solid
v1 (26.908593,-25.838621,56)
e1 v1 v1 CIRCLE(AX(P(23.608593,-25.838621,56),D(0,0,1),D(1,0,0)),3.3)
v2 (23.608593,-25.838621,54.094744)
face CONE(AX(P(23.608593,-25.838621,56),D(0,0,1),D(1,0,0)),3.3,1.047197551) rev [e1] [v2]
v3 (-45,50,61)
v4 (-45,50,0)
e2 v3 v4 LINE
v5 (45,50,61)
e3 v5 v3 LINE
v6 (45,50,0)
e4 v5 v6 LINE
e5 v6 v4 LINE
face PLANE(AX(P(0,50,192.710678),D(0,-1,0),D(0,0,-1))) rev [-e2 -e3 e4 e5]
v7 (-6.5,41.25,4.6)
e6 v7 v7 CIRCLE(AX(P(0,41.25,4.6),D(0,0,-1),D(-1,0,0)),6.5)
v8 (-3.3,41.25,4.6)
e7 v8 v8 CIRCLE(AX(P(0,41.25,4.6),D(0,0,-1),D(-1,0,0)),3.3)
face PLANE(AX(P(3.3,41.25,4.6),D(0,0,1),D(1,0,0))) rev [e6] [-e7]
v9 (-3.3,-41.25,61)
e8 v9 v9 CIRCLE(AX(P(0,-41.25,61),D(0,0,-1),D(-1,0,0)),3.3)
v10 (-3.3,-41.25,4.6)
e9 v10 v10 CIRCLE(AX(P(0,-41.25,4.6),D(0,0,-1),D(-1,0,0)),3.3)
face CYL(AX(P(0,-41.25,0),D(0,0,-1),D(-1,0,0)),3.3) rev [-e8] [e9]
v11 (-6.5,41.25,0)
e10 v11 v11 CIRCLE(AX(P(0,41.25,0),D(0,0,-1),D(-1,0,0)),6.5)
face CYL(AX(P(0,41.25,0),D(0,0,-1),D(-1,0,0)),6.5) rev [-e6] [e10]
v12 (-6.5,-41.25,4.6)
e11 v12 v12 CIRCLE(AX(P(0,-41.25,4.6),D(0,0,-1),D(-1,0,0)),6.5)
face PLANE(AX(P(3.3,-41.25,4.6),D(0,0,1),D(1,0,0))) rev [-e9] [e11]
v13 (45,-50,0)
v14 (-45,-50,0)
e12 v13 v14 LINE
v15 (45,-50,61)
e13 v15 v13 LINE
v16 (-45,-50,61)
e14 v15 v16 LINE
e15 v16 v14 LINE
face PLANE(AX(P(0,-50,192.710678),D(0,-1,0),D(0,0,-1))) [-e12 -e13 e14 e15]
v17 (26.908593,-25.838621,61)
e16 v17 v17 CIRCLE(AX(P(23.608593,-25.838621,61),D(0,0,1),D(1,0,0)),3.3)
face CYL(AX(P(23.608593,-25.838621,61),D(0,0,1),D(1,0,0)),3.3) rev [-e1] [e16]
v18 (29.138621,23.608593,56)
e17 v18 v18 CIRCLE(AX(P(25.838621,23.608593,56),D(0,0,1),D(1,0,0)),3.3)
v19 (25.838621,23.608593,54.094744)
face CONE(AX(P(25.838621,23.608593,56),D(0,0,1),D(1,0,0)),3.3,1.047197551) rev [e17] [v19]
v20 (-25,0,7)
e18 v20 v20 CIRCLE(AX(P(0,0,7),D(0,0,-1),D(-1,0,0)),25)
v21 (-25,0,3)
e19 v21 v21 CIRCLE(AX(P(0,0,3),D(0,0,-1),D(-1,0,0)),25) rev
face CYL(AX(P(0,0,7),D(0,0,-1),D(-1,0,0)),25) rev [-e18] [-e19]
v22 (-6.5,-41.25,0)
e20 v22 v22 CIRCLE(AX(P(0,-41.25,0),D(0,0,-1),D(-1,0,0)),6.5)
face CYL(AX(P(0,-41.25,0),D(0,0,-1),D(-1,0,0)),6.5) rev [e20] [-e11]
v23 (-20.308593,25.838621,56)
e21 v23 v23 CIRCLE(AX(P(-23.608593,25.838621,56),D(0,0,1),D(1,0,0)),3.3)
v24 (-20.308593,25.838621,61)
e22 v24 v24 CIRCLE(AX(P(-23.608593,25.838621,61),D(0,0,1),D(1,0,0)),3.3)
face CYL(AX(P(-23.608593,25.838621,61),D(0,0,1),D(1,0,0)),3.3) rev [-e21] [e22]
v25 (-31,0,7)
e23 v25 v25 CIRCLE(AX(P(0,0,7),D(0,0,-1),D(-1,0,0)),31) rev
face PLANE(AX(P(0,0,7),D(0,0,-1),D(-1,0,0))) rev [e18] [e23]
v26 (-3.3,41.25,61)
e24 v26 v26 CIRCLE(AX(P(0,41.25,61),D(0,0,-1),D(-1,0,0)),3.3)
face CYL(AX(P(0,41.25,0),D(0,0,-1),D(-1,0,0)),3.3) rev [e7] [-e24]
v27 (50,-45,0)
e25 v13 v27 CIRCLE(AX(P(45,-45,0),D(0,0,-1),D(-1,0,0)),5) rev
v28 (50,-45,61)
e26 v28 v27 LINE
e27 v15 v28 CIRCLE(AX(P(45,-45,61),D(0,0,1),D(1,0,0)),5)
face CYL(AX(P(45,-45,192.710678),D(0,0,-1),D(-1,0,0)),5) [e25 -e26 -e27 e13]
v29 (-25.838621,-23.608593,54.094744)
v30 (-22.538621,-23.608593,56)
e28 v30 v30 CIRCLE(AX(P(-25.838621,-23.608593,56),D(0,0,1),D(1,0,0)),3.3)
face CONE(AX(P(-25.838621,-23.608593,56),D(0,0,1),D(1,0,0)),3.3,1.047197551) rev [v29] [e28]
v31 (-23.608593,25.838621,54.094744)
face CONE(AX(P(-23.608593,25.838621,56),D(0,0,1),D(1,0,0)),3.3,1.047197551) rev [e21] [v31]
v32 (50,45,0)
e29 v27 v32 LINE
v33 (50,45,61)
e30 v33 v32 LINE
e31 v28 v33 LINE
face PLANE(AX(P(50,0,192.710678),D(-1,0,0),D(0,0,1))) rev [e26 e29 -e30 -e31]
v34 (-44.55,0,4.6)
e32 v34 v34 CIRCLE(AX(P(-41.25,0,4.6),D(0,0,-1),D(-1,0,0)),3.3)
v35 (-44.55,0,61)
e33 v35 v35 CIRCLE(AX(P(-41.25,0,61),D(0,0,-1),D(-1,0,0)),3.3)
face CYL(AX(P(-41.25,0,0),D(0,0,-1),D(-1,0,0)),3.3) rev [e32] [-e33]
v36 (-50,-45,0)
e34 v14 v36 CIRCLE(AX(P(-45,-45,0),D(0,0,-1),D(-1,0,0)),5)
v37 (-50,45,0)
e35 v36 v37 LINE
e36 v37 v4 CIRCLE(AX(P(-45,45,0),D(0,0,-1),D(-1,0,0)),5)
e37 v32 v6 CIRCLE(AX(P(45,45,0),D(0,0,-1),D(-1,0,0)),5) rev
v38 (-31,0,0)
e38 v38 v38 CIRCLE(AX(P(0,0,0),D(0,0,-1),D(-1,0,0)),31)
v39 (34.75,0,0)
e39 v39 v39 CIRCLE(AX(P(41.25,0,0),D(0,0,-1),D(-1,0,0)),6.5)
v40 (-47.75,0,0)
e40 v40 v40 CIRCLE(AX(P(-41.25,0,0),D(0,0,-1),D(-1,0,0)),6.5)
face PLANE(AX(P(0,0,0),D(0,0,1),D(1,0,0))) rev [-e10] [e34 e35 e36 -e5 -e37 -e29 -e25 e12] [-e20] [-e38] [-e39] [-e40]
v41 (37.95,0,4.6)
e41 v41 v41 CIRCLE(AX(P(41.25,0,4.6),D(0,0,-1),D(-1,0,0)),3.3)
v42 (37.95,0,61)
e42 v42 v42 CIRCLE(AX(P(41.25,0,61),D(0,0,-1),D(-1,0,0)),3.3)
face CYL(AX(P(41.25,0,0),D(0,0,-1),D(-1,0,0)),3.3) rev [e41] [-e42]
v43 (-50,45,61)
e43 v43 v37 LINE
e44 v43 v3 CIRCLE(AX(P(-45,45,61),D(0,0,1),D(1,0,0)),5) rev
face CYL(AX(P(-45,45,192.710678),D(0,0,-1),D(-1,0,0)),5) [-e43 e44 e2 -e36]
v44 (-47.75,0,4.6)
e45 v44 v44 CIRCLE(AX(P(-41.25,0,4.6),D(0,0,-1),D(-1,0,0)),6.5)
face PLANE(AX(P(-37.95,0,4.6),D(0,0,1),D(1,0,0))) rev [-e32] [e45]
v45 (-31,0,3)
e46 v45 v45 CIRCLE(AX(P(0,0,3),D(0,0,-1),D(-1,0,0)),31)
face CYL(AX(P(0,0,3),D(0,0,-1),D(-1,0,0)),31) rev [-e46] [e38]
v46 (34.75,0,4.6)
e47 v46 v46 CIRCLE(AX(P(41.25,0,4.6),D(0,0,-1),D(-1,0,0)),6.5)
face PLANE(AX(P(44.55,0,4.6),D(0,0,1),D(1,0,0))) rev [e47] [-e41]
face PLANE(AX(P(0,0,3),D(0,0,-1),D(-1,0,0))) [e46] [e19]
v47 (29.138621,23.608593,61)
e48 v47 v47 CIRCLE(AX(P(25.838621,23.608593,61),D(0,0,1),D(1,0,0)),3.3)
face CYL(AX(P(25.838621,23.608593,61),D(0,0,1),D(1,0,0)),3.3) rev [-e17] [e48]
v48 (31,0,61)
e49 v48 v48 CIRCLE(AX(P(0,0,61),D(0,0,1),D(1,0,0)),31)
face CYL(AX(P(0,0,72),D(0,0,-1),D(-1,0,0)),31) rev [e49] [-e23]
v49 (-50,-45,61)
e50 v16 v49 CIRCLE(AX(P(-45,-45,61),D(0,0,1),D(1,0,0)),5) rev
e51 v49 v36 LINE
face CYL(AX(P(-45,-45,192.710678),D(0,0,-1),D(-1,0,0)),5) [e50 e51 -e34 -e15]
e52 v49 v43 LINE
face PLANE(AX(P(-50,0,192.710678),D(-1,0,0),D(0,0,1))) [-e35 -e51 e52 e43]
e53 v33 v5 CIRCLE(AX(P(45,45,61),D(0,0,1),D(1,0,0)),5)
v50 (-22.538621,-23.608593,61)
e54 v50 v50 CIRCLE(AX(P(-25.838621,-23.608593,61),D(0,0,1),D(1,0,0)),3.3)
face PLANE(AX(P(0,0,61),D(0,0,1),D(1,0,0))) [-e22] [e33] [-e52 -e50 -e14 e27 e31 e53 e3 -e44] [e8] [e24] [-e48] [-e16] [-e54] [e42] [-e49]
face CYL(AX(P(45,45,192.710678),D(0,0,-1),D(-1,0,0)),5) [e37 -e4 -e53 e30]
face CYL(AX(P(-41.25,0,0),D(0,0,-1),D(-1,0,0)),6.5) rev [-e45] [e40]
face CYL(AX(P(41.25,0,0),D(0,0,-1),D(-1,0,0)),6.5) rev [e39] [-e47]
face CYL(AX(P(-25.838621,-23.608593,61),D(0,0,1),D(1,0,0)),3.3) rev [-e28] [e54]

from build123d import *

# Parameters (mm, degrees)
ESQUISSE1_R                                        = 50
BOSS_EXTRU_1_DEPTH                                 = 61
ESQUISSE2_R                                        = 31
ENL_V_MAT_EXTRU_1_DEPTH                            = 72
CHAMBRAGE_POUR_VIS_T_TE_RONDE_BOMB_E_M_D           = 6.6
CHAMBRAGE_POUR_VIS_T_TE_RONDE_BOMB_E_M_CBORE_D     = 13
CHAMBRAGE_POUR_VIS_T_TE_RONDE_BOMB_E_M_CBORE_DEPTH = 4.6
D_GAGEMENT_M61_D                                   = 6.6
D_GAGEMENT_M61_DEPTH                               = 5
D_GAGEMENT_M61_TIP                                 = 1.905255888
BOSS_EXTRU_2_START                                 = -61
BOSS_EXTRU_2_DEPTH                                 = 61
ESQUISSE23_R                                       = 31
ESQUISSE23_R_2                                     = 25
BOSS_EXTRU_3_DEPTH                                 = 7
ESQUISSE24_R                                       = 31
ENL_V_MAT_EXTRU_2_DEPTH                            = 3


with BuildPart() as part:
    # Esquisse1 → Boss.-Extru.1 (new body)
    with BuildSketch(Plane.XY):
        with Locations(Location((0, 0, 0), (0, 0, 180))):
            Circle(ESQUISSE1_R)
    extrude(amount=BOSS_EXTRU_1_DEPTH)

    # Esquisse2 → Enlèv. mat.-Extru.1 (cut)
    with BuildSketch(Plane(origin=(0, 0, 0), x_dir=(-1, 0, 0), z_dir=(0, 0, -1))):
        Circle(ESQUISSE2_R)
    extrude(amount=-ENL_V_MAT_EXTRU_1_DEPTH, mode=Mode.SUBTRACT)

    # Chambrage pour vis à tête ronde bombée M61 (through all)
    with Locations(Plane(origin=(0, 0, 0), x_dir=(-1, 0, 0), z_dir=(0, 0, -1))):
        with Locations((41.25, 0), (0, 41.25), (-41.25, 0), (0, -41.25)):
            CounterBoreHole(CHAMBRAGE_POUR_VIS_T_TE_RONDE_BOMB_E_M_D / 2, CHAMBRAGE_POUR_VIS_T_TE_RONDE_BOMB_E_M_CBORE_D / 2, CHAMBRAGE_POUR_VIS_T_TE_RONDE_BOMB_E_M_CBORE_DEPTH)

    # Dégagement M61
    with Locations(Plane.XY.offset(61)):
        with Locations((-23.608593004, 25.838621023), (-25.838621023, -23.608593004), (23.608593004, -25.838621023), (25.838621023, 23.608593004)):
            Hole(D_GAGEMENT_M61_D / 2, depth=D_GAGEMENT_M61_DEPTH)
            with Locations((0, 0, -(D_GAGEMENT_M61_DEPTH + D_GAGEMENT_M61_TIP / 2))):  # 120° drill point
                Cone(0, D_GAGEMENT_M61_D / 2, D_GAGEMENT_M61_TIP, mode=Mode.SUBTRACT)

    # Esquisse20 → Boss.-Extru.2 (add)
    with BuildSketch(Plane(origin=(0, 0, 0), x_dir=(-1, 0, 0), z_dir=(0, 0, -1)).offset(BOSS_EXTRU_2_START)):
        with BuildLine():
            ThreePointArc((-50, -45), (-48.535533906, -48.535533906), (-45, -50))
            Line((-45, -50), (0, -50))
            ThreePointArc((0, -50), (-35.35533911, -35.355339009), (-50, 1.43e-07))
            Line((-50, 1.43e-07), (-50, -45))
        make_face()
        with BuildLine():
            ThreePointArc((50, 0), (35.355339059, -35.355339059), (0, -50))
            Line((0, -50), (45, -50))
            ThreePointArc((45, -50), (48.535533906, -48.535533906), (50, -45))
            Line((50, -45), (50, 0))
        make_face()
        with BuildLine():
            Line((-50, 45), (-50, 1.43e-07))
            ThreePointArc((-50, 1.43e-07), (-35.355339046, 35.355339073), (-1.05e-07, 50))
            Line((-1.05e-07, 50), (-45, 50))
            ThreePointArc((-45, 50), (-48.535533906, 48.535533906), (-50, 45))
        make_face()
        with BuildLine():
            ThreePointArc((-1.05e-07, 50), (35.355339022, 35.355339097), (50, 0))
            Line((50, 0), (50, 45))
            ThreePointArc((50, 45), (48.535533906, 48.535533906), (45, 50))
            Line((45, 50), (-1.05e-07, 50))
        make_face()
    extrude(amount=BOSS_EXTRU_2_DEPTH)

    # Esquisse23 → Boss.-Extru.3 (add)
    with BuildSketch(Plane(origin=(0, 0, 0), x_dir=(-1, 0, 0), z_dir=(0, 0, -1))):
        Circle(ESQUISSE23_R)
        Circle(ESQUISSE23_R_2, mode=Mode.SUBTRACT)
    extrude(amount=-BOSS_EXTRU_3_DEPTH)

    # Esquisse24 → Enlèv. mat.-Extru.2 (cut)
    with BuildSketch(Plane(origin=(0, 0, 0), x_dir=(-1, 0, 0), z_dir=(0, 0, -1))):
        Circle(ESQUISSE24_R)
    extrude(amount=-ENL_V_MAT_EXTRU_2_DEPTH, mode=Mode.SUBTRACT)


solid = part.part
